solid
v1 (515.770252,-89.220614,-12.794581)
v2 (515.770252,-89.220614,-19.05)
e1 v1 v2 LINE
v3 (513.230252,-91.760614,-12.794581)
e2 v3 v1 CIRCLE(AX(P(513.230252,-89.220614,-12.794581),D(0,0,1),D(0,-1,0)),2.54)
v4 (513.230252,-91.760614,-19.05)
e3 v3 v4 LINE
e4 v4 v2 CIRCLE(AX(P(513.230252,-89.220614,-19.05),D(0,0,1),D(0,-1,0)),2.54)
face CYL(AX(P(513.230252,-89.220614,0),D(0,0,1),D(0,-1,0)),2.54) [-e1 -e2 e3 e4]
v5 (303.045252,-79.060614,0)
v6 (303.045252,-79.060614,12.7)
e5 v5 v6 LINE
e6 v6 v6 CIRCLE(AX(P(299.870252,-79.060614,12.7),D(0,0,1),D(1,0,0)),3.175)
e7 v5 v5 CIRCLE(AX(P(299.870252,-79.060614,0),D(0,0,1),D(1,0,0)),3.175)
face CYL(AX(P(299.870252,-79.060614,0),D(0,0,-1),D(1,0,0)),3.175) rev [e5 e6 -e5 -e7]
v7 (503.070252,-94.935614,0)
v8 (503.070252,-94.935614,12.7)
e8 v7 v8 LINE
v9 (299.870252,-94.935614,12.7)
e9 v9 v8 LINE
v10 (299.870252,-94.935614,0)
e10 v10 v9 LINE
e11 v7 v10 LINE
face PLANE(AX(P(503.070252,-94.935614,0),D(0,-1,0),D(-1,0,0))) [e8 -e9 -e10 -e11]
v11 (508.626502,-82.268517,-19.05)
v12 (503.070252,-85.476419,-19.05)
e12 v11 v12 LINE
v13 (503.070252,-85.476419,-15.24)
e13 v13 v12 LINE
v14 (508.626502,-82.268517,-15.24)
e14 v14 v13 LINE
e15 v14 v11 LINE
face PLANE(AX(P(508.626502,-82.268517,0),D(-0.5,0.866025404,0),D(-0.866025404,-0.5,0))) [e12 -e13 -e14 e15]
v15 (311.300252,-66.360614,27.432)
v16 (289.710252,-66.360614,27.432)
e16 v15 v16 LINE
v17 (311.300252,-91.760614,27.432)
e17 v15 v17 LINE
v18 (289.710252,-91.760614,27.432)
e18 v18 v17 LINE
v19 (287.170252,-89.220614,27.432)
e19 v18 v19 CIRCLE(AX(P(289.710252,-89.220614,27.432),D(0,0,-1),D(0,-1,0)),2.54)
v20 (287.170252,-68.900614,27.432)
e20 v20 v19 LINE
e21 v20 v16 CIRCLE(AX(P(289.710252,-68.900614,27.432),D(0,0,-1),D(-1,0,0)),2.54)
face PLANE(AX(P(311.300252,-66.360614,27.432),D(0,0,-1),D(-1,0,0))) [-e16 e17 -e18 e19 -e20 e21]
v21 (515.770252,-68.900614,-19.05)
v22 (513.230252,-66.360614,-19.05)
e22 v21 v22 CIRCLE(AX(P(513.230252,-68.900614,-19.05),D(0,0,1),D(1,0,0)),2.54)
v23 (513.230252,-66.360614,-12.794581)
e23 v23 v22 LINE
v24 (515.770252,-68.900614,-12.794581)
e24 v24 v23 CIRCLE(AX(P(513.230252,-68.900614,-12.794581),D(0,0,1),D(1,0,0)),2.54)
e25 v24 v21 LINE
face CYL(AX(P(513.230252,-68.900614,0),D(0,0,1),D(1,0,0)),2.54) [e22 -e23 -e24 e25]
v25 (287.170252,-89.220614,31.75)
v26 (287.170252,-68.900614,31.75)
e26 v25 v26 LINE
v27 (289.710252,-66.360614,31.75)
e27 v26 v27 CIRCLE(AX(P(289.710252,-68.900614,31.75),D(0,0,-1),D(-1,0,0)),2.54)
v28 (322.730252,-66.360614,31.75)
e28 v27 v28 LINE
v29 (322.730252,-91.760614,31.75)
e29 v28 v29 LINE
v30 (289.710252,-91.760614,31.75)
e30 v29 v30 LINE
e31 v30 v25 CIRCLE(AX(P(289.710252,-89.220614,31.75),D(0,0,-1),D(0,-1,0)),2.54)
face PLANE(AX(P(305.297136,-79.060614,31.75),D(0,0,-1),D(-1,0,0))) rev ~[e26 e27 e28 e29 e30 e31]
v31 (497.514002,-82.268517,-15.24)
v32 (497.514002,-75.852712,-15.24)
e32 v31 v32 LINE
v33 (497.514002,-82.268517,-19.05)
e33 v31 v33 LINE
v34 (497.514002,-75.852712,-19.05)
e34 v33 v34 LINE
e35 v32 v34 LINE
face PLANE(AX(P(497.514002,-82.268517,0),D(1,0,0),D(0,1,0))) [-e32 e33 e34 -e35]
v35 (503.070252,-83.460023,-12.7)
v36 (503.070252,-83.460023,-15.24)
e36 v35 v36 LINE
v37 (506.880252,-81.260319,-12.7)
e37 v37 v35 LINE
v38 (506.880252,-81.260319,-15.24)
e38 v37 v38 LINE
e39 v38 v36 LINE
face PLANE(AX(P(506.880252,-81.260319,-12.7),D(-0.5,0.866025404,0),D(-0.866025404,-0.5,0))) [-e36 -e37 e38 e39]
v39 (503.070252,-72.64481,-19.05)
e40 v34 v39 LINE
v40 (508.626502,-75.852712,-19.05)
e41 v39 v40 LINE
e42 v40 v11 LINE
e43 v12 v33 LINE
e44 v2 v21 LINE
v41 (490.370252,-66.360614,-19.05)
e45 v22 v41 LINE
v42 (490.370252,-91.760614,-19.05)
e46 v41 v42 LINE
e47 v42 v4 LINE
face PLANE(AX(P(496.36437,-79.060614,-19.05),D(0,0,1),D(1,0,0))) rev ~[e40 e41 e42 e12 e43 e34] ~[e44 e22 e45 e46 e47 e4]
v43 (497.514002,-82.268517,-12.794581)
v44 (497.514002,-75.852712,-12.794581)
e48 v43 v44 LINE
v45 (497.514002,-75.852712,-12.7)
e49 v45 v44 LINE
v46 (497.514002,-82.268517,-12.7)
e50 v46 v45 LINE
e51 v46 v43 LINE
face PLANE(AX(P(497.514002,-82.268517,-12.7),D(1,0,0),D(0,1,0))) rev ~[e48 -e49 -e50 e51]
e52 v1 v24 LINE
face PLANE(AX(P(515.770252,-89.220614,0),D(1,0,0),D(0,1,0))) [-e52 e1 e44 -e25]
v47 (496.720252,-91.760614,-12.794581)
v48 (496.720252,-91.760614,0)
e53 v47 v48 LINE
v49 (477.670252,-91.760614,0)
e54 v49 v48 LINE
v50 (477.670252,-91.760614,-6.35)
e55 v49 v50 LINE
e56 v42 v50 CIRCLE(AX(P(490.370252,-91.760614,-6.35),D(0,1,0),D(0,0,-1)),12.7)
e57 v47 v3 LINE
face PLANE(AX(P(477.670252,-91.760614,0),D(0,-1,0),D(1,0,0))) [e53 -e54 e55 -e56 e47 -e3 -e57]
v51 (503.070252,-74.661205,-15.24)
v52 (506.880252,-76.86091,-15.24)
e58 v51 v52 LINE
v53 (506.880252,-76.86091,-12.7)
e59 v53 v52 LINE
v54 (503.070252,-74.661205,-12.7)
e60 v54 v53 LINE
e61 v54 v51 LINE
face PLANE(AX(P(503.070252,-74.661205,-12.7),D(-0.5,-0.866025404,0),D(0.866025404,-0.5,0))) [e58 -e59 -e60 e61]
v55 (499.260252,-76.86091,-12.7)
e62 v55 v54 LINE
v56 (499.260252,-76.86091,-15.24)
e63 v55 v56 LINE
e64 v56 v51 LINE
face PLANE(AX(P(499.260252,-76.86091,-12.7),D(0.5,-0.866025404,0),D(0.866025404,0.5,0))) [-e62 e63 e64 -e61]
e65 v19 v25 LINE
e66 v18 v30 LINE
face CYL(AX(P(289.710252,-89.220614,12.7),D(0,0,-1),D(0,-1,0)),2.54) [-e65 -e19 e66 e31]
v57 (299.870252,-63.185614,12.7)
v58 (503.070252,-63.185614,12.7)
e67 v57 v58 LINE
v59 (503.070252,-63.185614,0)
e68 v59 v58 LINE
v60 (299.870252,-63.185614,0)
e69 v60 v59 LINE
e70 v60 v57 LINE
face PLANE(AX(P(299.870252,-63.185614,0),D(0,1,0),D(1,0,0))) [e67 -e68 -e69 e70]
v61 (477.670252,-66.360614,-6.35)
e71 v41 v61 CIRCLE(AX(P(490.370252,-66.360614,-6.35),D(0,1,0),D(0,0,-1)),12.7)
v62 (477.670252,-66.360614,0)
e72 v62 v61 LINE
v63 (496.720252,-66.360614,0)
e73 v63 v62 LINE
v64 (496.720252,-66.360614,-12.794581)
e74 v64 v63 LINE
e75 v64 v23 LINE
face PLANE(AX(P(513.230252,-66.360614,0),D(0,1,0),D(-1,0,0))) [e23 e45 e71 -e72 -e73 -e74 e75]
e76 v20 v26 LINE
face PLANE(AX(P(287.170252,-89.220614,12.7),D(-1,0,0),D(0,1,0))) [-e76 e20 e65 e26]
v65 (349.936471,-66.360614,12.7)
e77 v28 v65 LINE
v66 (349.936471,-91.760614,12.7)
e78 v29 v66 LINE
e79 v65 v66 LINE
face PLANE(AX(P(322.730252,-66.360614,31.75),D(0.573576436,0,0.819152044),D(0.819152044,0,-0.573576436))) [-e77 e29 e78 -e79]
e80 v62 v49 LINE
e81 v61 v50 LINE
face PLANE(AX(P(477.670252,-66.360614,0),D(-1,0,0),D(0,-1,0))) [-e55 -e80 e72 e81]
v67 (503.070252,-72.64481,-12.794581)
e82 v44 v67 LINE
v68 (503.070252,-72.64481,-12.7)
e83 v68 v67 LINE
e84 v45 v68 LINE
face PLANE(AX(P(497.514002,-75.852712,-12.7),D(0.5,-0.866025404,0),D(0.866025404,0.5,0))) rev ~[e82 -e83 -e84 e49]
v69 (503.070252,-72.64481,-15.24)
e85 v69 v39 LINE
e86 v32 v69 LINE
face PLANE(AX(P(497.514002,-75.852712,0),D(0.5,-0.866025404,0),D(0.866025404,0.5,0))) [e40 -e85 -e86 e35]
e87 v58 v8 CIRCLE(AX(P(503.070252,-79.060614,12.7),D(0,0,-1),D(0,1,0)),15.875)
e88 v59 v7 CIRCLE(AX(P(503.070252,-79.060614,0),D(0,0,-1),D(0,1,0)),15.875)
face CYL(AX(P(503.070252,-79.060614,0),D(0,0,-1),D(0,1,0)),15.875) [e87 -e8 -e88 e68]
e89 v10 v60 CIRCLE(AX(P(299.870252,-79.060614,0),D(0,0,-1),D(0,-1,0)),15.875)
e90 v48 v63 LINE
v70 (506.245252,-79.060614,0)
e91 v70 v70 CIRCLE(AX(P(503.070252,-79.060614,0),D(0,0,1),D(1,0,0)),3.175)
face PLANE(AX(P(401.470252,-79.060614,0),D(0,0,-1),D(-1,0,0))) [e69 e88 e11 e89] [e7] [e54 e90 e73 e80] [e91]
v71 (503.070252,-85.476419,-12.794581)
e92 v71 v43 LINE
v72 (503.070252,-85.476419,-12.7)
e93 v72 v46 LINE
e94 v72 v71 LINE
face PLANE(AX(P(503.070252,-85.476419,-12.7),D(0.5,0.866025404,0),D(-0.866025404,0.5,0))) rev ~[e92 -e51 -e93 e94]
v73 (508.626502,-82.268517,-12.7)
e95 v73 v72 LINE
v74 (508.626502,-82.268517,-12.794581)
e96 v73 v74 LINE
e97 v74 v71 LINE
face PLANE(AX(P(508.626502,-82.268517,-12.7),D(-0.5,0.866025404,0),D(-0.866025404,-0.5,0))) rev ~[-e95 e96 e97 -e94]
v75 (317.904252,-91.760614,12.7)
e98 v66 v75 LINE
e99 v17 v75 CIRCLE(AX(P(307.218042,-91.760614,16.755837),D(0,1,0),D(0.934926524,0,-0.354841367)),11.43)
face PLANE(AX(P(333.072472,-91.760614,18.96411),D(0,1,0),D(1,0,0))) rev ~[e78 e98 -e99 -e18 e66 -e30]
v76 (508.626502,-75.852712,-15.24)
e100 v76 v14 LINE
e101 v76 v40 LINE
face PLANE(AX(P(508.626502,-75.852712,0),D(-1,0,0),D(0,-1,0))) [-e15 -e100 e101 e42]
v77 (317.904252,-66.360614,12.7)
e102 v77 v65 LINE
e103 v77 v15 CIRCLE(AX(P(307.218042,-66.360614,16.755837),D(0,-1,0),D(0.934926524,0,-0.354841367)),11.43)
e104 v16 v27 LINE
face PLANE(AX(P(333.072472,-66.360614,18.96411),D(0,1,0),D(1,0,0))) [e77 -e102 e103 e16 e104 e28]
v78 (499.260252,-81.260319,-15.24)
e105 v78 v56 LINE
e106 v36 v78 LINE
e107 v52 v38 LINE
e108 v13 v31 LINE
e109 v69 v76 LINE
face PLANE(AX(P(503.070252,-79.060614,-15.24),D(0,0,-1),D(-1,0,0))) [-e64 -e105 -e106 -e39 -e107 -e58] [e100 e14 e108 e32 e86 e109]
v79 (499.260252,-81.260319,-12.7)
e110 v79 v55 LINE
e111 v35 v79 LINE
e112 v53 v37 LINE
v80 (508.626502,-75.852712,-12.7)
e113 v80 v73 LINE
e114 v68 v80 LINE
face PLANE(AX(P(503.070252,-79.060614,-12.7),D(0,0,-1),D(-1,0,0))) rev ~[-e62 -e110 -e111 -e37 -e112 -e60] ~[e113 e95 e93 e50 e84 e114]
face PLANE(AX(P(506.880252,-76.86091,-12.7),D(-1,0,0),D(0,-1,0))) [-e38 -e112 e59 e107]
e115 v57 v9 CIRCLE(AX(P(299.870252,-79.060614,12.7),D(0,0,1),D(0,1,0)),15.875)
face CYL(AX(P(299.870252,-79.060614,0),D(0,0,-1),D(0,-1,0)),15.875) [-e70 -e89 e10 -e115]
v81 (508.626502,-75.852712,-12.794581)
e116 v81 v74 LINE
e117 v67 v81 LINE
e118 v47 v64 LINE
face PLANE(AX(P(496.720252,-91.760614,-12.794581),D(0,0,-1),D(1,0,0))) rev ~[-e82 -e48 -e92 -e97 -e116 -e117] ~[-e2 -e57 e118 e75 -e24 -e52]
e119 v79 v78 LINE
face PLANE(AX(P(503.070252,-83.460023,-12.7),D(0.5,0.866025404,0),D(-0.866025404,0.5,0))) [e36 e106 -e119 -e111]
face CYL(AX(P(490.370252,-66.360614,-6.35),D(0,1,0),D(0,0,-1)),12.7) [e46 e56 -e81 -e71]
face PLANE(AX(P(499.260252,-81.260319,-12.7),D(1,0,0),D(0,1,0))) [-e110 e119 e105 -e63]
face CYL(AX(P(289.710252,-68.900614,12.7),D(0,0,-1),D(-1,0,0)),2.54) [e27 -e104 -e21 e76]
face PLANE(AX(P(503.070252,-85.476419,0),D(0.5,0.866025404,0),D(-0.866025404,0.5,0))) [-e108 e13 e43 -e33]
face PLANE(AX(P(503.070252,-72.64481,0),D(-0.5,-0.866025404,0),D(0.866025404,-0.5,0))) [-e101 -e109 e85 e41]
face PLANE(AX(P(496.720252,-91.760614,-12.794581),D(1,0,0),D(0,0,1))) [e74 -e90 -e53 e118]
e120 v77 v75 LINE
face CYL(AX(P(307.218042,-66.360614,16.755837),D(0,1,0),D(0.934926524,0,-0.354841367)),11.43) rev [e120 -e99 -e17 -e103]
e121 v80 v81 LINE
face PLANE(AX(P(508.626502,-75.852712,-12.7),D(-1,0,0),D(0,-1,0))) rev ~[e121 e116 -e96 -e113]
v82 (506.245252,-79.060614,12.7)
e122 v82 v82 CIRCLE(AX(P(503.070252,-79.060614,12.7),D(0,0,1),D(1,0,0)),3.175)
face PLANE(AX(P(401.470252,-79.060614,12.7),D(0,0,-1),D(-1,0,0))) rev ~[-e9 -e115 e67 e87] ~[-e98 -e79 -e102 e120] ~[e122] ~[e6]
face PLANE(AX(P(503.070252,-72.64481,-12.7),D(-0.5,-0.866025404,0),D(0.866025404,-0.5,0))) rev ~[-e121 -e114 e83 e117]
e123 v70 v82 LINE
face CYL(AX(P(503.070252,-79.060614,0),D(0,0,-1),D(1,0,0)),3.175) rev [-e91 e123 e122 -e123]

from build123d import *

# Parameters (mm, degrees)
SKETCH1_R            = 3.175
BOSS_EXTRUDE1_DEPTH  = 12.7
BOSS_EXTRUDE8_DEPTH  = 19.05
CUT_EXTRUDE3_DEPTH   = 41.148
BOSS_EXTRUDE9_DEPTH  = 25.4
BOSS_EXTRUDE11_DEPTH = 19.05
SKETCH10_W           = 19.05
SKETCH10_H           = 12.794581221
CUT_EXTRUDE5_DEPTH   = 25.4
BOSS_EXTRUDE12_DEPTH = 2.54
CUT_EXTRUDE6_DEPTH   = 25.4


with BuildPart() as part:
    # Sketch1 → Boss-Extrude1 (new body)
    with BuildSketch(Plane.XY):
        with BuildLine():
            Line((299.870251741, -63.185614448), (503.070251741, -63.185614448))
            ThreePointArc((503.070251741, -63.185614448), (518.945251741, -79.060614448), (503.070251741, -94.935614448))
            Line((503.070251741, -94.935614448), (299.870251741, -94.935614448))
            ThreePointArc((299.870251741, -94.935614448), (283.995251741, -79.060614448), (299.870251741, -63.185614448))
        make_face()
        with Locations((299.870251741, -79.060614448)):
            Circle(SKETCH1_R, mode=Mode.SUBTRACT)
        with Locations((503.070251741, -79.060614448)):
            Circle(SKETCH1_R, mode=Mode.SUBTRACT)
    extrude(amount=BOSS_EXTRUDE1_DEPTH)

    # Sketch7 → Boss-Extrude8 (add)
    with BuildSketch(Plane.XY.offset(12.7)):
        with BuildLine():
            Line((310.030251741, -66.360614448), (312.570251741, -66.360614448))
            Line((312.570251741, -66.360614448), (322.730251741, -66.360614448))
            Line((322.730251741, -66.360614448), (322.730251741, -91.760614448))
            Line((322.730251741, -91.760614448), (310.030251741, -91.760614448))
            Line((310.030251741, -91.760614448), (289.710251741, -91.760614448))
            ThreePointArc((289.710251741, -91.760614448), (287.914200517, -91.016665672), (287.170251741, -89.220614448))
            Line((287.170251741, -89.220614448), (287.170251741, -68.900614448))
            ThreePointArc((287.170251741, -68.900614448), (287.914200517, -67.104563223), (289.710251741, -66.360614448))
            Line((289.710251741, -66.360614448), (310.030251741, -66.360614448))
        make_face()
    extrude(amount=BOSS_EXTRUDE8_DEPTH)

    # Sketch8 → Cut-Extrude3 (cut)
    with BuildSketch(Plane(origin=(0, -66.360614448, 0), x_dir=(1, 0, 0), z_dir=(0, 1, 0))):
        with BuildLine():
            Line((287.170251741, -12.7), (317.904251741, -12.7))
            ThreePointArc((317.904251741, -12.7), (317.648023156, -21.431345807), (311.300251741, -27.432))
            Line((311.300251741, -27.432), (287.170251741, -27.432))
            Line((287.170251741, -27.432), (287.170251741, -12.7))
        make_face()
    extrude(amount=-CUT_EXTRUDE3_DEPTH, mode=Mode.SUBTRACT)

    # Sketch9 → Boss-Extrude9 (add)
    with BuildSketch(Plane(origin=(0, -66.360614448, 0), x_dir=(1, 0, 0), z_dir=(0, 1, 0))):
        Polygon((322.730251741, -31.75), (349.936471269, -12.7), (322.730251741, -12.7), align=None)
    extrude(amount=-BOSS_EXTRUDE9_DEPTH)

    # Sketch2 → Boss-Extrude11 (add)
    with BuildSketch(Plane(origin=(0, 0, 0), x_dir=(-1, 0, 0), z_dir=(0, 0, -1))):
        with BuildLine():
            Line((-477.670251741, -66.360614448), (-477.670251741, -91.760614448))
            Line((-477.670251741, -91.760614448), (-513.230251741, -91.760614448))
            ThreePointArc((-513.230251741, -91.760614448), (-515.026302965, -91.016665672), (-515.770251741, -89.220614448))
            Line((-515.770251741, -89.220614448), (-515.770251741, -68.900614448))
            ThreePointArc((-515.770251741, -68.900614448), (-515.026302965, -67.104563223), (-513.230251741, -66.360614448))
            Line((-513.230251741, -66.360614448), (-477.670251741, -66.360614448))
        make_face()
        Polygon((-503.070251741, -72.644809581), (-508.626501741, -75.852712014), (-508.626501741, -82.268516881), (-503.070251741, -85.476419314), (-497.514001741, -82.268516881), (-497.514001741, -75.852712014), align=None, mode=Mode.SUBTRACT)
    extrude(amount=BOSS_EXTRUDE11_DEPTH)

    # Sketch10 → Cut-Extrude5 (cut)
    with BuildSketch(Plane.XZ.offset(91.760614448)):
        with Locations((506.245251741, -6.397290611)):
            Rectangle(SKETCH10_W, SKETCH10_H)
    extrude(amount=-CUT_EXTRUDE5_DEPTH, mode=Mode.SUBTRACT)

    # Sketch11 → Boss-Extrude12 (add)
    with BuildSketch(Plane(origin=(0, 0, -12.7), x_dir=(-1, 0, 0), z_dir=(0, 0, -1))):
        Polygon((-503.070251741, -72.644809581), (-508.626501741, -75.852712014), (-508.626501741, -82.268516881), (-503.070251741, -85.476419314), (-497.514001741, -82.268516881), (-497.514001741, -75.852712014), align=None)
        Polygon((-503.070251741, -74.661205396), (-506.880251741, -76.860909922), (-506.880251741, -81.260318973), (-503.070251741, -83.460023499), (-499.260251741, -81.260318973), (-499.260251741, -76.860909922), align=None, mode=Mode.SUBTRACT)
    extrude(amount=BOSS_EXTRUDE12_DEPTH)

    # Sketch12 → Cut-Extrude6 (cut)
    with BuildSketch(Plane(origin=(0, -66.360614448, 0), x_dir=(1, 0, 0), z_dir=(0, 1, 0))):
        with BuildLine():
            Line((477.670251741, 6.35), (477.670251741, 9.525))
            Line((477.670251741, 9.525), (477.670251741, 19.05))
            Line((477.670251741, 19.05), (486.490339075, 19.05))
            Line((486.490339075, 19.05), (490.370251741, 19.05))
            ThreePointArc((490.370251741, 19.05), (481.38999562, 15.330256121), (477.670251741, 6.35))
        make_face()
    extrude(amount=-CUT_EXTRUDE6_DEPTH, mode=Mode.SUBTRACT)


solid = part.part
